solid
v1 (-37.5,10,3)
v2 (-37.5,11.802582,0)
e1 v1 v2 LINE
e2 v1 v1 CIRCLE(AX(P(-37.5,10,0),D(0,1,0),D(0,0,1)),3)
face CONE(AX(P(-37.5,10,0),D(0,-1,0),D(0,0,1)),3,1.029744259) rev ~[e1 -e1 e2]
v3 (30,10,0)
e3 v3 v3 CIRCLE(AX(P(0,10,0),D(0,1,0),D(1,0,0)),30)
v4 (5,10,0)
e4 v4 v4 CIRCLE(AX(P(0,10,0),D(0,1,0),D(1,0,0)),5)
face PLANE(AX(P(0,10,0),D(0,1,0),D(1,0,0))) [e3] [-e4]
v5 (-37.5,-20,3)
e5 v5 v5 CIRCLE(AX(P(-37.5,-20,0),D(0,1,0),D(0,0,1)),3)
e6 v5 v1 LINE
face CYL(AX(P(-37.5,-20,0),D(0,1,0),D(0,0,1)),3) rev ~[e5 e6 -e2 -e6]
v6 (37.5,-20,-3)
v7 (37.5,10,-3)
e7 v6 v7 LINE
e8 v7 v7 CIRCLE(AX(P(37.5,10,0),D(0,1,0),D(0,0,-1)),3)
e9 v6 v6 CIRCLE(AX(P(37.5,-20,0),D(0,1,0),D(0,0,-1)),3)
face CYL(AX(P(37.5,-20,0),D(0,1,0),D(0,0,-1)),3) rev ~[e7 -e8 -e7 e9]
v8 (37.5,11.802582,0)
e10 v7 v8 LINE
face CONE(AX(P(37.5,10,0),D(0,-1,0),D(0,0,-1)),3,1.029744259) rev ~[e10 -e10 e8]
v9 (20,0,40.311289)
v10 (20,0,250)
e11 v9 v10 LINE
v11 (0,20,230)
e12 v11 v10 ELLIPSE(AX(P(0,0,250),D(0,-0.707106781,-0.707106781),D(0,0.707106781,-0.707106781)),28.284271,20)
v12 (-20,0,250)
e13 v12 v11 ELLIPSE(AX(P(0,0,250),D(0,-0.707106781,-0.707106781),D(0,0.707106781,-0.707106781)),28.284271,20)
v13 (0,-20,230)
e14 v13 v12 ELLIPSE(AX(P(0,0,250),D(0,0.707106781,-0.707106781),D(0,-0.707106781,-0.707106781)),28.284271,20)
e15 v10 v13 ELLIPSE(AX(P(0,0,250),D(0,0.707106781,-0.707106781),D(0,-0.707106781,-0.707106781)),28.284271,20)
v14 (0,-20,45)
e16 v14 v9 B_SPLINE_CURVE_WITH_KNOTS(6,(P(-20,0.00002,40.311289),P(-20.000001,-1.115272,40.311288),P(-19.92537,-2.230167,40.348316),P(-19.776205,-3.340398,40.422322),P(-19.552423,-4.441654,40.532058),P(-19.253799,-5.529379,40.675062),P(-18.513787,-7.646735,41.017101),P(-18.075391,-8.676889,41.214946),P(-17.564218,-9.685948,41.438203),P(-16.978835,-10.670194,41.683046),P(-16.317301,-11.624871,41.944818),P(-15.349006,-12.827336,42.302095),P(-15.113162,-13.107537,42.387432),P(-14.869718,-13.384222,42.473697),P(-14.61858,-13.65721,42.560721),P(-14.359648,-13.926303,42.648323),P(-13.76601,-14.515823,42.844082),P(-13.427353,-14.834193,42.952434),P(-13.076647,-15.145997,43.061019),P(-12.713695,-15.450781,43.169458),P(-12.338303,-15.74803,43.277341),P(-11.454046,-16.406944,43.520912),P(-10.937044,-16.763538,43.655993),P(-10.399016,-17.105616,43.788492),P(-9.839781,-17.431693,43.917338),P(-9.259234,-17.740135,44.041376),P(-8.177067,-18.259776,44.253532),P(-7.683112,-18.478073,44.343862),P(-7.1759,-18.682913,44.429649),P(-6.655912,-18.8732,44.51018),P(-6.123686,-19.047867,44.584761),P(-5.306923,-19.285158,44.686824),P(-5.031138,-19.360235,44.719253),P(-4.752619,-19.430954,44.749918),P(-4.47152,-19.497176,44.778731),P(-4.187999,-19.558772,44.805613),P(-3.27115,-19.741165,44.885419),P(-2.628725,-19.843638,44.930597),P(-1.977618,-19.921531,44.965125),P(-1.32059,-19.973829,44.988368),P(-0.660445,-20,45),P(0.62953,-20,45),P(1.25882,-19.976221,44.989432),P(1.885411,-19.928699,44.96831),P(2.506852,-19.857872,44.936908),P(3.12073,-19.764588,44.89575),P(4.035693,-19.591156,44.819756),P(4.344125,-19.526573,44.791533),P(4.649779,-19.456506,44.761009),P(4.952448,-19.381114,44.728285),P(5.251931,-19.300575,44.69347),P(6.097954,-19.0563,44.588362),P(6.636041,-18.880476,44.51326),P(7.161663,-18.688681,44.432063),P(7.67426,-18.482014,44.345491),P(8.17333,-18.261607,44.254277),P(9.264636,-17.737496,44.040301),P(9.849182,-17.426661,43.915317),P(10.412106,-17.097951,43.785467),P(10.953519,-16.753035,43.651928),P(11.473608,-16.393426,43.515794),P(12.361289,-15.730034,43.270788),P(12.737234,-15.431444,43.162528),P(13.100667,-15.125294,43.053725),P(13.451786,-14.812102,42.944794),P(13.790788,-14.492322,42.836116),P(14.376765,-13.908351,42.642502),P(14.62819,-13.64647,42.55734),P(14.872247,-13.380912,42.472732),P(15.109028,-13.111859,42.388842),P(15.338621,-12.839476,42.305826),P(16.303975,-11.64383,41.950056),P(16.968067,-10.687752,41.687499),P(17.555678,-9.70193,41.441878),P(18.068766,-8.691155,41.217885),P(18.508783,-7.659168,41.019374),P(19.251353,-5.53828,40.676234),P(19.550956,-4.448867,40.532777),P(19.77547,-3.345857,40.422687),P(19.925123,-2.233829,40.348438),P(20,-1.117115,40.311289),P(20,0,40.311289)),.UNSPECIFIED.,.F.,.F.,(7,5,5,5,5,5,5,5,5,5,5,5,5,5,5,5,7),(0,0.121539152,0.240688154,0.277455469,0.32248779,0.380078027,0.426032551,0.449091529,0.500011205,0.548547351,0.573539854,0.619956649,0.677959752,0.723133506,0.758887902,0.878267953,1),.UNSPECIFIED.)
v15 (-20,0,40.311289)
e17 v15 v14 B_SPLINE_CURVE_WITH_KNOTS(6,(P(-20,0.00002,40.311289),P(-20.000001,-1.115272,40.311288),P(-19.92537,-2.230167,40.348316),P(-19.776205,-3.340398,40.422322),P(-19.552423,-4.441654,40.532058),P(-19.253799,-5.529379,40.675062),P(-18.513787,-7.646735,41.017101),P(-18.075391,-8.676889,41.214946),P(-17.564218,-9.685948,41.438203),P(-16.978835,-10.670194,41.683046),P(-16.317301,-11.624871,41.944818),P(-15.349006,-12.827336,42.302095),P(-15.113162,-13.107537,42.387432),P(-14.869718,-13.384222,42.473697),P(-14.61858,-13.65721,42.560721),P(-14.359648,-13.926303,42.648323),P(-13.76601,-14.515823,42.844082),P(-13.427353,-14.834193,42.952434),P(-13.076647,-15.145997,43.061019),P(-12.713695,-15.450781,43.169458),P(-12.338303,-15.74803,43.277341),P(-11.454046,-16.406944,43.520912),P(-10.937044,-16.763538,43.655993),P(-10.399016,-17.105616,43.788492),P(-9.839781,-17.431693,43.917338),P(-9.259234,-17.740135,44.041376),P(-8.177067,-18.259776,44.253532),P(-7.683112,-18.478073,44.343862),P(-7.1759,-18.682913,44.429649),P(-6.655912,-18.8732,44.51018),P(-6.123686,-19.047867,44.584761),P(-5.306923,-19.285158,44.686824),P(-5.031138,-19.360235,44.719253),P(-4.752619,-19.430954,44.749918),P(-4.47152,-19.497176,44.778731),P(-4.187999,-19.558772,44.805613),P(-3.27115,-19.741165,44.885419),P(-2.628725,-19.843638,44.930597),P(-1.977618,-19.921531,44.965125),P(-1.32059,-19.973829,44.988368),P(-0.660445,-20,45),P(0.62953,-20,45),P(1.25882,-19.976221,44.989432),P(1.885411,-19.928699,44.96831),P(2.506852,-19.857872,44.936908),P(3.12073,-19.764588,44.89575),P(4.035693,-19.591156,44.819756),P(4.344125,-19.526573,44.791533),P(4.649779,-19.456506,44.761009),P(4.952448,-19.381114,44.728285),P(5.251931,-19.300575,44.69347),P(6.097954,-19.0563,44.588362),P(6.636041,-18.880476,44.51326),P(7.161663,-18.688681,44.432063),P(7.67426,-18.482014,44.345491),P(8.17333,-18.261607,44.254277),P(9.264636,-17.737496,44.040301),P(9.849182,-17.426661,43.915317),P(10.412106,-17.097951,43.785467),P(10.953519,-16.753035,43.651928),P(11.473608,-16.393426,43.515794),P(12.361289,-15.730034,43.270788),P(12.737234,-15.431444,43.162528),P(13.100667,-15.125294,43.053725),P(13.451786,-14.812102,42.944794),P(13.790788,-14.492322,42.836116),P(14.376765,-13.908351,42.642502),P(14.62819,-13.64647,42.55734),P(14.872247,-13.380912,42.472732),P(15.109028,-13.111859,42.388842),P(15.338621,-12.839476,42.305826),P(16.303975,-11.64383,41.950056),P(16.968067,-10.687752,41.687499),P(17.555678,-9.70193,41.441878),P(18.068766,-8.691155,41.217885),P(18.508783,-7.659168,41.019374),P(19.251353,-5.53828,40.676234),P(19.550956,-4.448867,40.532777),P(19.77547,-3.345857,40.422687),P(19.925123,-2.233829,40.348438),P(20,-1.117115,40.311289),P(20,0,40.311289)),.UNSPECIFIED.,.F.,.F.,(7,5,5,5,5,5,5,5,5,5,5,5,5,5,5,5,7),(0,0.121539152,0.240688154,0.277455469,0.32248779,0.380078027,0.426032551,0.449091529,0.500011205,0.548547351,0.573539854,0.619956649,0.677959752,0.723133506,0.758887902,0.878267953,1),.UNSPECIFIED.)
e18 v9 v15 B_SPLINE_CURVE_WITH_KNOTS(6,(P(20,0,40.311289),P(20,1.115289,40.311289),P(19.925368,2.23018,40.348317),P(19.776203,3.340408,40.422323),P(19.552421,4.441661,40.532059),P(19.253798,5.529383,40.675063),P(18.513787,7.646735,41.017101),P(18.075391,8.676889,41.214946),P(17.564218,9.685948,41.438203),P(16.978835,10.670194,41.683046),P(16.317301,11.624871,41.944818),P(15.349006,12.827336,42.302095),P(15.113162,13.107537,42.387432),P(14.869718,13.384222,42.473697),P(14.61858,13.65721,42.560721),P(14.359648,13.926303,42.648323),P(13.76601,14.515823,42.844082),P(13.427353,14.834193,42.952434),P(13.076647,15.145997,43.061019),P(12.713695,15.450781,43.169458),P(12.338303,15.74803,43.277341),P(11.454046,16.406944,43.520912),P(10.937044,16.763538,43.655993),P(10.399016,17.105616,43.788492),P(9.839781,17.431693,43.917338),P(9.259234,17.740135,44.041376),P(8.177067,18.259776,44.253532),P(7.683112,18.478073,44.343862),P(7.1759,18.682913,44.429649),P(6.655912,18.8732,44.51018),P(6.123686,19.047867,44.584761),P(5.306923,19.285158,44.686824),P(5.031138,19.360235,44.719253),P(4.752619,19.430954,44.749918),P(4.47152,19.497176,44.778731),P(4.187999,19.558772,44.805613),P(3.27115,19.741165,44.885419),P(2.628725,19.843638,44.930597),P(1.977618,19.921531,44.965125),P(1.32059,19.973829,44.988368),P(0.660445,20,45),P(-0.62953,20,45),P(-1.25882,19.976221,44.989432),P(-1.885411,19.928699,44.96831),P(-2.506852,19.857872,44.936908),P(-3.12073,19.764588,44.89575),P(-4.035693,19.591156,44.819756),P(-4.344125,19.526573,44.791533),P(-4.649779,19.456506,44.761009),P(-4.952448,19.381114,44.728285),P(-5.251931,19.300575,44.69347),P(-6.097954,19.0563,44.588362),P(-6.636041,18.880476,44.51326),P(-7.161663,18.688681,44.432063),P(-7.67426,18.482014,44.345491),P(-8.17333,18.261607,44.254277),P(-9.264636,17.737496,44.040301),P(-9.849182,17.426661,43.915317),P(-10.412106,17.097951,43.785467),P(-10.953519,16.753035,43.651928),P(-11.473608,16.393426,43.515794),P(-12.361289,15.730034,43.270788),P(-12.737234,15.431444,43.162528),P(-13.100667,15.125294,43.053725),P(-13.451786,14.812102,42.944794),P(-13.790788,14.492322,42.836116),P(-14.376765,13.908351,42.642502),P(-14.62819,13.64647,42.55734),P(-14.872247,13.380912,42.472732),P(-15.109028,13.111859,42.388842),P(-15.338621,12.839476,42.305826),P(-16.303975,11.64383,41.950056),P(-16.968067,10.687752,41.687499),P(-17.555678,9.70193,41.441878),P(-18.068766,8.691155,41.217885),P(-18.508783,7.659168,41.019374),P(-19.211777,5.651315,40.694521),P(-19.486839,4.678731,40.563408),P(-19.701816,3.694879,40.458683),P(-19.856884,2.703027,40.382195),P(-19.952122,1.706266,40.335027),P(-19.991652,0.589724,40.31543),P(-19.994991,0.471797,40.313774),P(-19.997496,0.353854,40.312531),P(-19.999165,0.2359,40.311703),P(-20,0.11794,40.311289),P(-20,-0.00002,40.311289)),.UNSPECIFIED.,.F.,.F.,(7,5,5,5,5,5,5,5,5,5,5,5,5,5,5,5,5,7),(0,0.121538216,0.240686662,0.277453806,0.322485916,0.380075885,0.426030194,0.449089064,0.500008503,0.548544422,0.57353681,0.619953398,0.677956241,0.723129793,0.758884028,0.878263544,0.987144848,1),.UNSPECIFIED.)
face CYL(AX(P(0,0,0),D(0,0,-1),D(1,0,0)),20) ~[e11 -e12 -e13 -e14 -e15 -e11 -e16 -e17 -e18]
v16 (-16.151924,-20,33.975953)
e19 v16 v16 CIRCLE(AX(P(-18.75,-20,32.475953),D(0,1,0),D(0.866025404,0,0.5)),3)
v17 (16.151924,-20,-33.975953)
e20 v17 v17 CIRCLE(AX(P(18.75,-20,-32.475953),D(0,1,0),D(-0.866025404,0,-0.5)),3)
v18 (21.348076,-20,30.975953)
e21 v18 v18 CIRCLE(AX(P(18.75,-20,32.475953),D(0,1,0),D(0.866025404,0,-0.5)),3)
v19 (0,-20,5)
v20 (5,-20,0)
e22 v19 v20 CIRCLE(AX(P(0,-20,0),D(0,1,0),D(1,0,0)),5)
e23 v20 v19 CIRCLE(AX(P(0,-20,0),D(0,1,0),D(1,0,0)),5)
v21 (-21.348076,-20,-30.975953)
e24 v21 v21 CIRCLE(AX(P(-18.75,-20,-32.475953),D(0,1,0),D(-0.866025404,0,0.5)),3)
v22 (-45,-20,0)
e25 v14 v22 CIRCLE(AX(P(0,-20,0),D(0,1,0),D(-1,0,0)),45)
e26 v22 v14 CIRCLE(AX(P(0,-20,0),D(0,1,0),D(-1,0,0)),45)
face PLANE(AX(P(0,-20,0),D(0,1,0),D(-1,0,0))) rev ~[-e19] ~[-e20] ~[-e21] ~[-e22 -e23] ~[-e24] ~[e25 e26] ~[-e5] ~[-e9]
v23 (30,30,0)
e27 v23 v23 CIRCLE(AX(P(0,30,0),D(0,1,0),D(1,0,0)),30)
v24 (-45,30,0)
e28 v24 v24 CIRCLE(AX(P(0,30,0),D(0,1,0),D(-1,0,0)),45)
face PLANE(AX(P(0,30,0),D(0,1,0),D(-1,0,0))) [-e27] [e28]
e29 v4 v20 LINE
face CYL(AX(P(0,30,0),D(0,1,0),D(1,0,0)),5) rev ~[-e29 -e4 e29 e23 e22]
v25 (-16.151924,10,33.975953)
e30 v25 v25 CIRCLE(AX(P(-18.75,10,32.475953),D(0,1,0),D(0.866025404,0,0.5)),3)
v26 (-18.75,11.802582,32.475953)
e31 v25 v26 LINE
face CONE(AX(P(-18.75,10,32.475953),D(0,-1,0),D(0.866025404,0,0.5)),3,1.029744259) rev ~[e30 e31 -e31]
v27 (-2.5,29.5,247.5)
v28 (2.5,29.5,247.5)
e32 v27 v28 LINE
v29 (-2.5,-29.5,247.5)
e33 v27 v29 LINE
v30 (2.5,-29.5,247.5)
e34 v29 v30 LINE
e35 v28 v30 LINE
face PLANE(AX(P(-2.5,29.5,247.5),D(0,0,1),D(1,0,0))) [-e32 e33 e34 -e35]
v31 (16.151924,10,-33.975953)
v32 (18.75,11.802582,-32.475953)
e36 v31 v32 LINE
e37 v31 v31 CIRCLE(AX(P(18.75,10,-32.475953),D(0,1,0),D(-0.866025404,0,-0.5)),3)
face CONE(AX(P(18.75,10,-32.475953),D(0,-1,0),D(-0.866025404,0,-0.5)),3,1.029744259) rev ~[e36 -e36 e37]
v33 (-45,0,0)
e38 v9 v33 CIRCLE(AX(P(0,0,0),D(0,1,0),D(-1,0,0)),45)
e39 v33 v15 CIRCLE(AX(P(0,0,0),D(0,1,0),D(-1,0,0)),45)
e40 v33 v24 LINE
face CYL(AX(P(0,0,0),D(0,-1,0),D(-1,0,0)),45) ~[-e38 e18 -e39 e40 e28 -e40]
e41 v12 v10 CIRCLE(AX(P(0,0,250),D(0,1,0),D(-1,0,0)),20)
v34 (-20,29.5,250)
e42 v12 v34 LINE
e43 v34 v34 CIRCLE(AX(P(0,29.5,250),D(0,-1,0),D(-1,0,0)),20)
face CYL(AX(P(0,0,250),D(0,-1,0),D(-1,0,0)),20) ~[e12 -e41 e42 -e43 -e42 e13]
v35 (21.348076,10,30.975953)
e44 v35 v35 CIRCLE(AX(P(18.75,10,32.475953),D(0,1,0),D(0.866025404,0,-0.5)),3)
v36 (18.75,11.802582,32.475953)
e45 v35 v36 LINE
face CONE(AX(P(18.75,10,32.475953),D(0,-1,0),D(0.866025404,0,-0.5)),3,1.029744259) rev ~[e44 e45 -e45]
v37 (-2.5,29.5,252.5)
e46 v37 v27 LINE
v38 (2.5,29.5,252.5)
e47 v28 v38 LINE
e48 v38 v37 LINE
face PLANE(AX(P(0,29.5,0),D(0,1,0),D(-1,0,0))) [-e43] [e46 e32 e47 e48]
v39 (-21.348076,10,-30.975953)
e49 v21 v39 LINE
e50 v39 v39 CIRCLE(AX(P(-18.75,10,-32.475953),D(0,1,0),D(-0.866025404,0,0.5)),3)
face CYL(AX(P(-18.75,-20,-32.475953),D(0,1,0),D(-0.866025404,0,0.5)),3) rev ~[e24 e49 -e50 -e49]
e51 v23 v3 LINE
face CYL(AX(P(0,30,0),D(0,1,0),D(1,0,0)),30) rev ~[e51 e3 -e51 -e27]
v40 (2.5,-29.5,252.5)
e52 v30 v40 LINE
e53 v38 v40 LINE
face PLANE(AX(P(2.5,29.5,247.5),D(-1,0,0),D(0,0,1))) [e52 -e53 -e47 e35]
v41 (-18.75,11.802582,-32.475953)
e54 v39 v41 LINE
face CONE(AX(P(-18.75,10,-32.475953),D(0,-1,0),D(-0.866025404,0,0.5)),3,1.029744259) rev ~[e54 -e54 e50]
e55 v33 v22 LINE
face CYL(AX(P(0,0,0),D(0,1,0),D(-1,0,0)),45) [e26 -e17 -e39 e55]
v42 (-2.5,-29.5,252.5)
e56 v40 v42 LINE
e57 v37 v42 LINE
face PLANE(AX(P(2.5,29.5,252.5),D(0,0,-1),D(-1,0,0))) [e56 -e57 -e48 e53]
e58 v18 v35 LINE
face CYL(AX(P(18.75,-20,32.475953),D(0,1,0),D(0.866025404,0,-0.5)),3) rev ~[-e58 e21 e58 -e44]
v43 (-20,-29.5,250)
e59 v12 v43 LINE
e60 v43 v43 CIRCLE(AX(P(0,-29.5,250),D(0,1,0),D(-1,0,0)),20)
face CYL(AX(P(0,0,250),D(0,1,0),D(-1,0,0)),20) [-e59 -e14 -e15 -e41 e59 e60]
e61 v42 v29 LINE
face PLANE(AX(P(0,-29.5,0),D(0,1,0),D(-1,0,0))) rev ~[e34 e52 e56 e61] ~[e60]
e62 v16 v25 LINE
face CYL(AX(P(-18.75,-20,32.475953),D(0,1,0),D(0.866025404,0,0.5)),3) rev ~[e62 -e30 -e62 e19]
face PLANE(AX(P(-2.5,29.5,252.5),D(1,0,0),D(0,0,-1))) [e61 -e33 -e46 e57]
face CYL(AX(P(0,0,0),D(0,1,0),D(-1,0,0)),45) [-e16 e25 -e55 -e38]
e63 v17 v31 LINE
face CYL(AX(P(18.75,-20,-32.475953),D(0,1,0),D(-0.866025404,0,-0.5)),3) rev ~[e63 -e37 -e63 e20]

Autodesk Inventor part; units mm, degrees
ref_plane "YZ Plane" through (0, 0, 0) normal (1, 0, 0) x (0, 1, 0)
ref_plane "XZ Plane" through (0, 0, 0) normal (0, 1, 0) x (-1, 0, 0)
ref_plane "XY Plane" through (0, 0, 0) normal (0, 0, 1) x (1, 0, 0)
sketch "Sketch1" plane through (0, 0, 0) normal (0, 0, 1) x (1, 0, 0)
  circle A0 centre (0, 0) radius 20
  dimension "d0" = 40
extrude "Extrusion1" add sketch "Sketch1" along normal blind 250
sketch "Sketch2" plane through (0, 0, 0) normal (0, 1, 0) x (-1, 0, 0)
  line L0 (20, 0) -> (-20, 0) projected
  circle A0 centre (0, 0) radius 45
  dimension "d3" = 90
extrude "Extrusion2" add sketch "Sketch2" along normal blind 30 and the other way blind 20
sketch "Sketch4" plane through (0, 30, 0) normal (0, 1, 0) x (1, 0, 0)
  circle A0 centre (0, 0) radius 5
  dimension "d9" = 10
extrude "Extrusion4" cut sketch "Sketch4" along normal through all both and the other way through all
sketch "Sketch6" plane through (0, 30, 0) normal (0, 1, 0) x (1, 0, 0)
  circle A0 centre (0, 0) radius 5 projected
  circle A1 centre (0, 0) radius 30
  circle A2 centre (0, 0) radius 15
  dimension "d15" = 60
  dimension "d16" = 30
extrude "Extrusion6" cut sketch "Sketch6" against normal blind 20 contours A1 | A2
sketch "Sketch10" plane through (0, 0, 0) normal (0, 1, 0) x (-1, 0, 0)
  line L0 (20, 250) -> (-20, 250) projected
  circle A0 centre (0, 250) radius 20
  point P0 (0, 0)
extrude "Extrusion8" add sketch "Sketch10" along normal mid plane 59
sketch "Sketch11" plane through (0, 29.5, 250) normal (0, 1, 0) x (1, 0, 0)
  circle A0 centre (0, 0) radius 20 projected
  arc A1 (20, 0) -> (-20, 0) centre (0, 0) ccw projected
  line L0 (-2.5, 2.5) -> (2.5, 2.5)
  line L1 (2.5, 2.5) -> (2.5, -2.5)
  line L2 (2.5, -2.5) -> (-2.5, -2.5)
  line L3 (-2.5, -2.5) -> (-2.5, 2.5)
  line L4 (-2.5, 2.5) -> (2.5, -2.5) construction
  line L5 (2.5, 2.5) -> (-2.5, -2.5) construction
  point P0 (0, 250)
  dimension "d54" = 5
extrude "Extrusion9" cut sketch "Sketch11" against normal through all contours L0 L1 L2 L3
sketch "Sketch12" plane through (0, -20, 0) normal (0, -1, 0) x (1, 0, 0)
  point P0 (0, 0)
sketch "Sketch13" plane through (0, -20, 0) normal (0, -1, 0) x (1, 0, 0)
  point P0 (0, 0)
  point P1 (0, 0)
  point P2 (37.5, 0)
  dimension "d57" = 37.5
hole "Hole3" at (37.5, -20, 0) direction (0, 1, 0) diameter 6 depth 30 tip angle 118
thread "Thread3" size "M6x1" class "6H" standard "ANSI Metric M Profile" length 25
pattern_circular "Circular Pattern3" count 6 over 360 about axis through (0, 30, 0) along (0, 1, 0) of "Hole3"
properties part number "Intermediate Link 2"
